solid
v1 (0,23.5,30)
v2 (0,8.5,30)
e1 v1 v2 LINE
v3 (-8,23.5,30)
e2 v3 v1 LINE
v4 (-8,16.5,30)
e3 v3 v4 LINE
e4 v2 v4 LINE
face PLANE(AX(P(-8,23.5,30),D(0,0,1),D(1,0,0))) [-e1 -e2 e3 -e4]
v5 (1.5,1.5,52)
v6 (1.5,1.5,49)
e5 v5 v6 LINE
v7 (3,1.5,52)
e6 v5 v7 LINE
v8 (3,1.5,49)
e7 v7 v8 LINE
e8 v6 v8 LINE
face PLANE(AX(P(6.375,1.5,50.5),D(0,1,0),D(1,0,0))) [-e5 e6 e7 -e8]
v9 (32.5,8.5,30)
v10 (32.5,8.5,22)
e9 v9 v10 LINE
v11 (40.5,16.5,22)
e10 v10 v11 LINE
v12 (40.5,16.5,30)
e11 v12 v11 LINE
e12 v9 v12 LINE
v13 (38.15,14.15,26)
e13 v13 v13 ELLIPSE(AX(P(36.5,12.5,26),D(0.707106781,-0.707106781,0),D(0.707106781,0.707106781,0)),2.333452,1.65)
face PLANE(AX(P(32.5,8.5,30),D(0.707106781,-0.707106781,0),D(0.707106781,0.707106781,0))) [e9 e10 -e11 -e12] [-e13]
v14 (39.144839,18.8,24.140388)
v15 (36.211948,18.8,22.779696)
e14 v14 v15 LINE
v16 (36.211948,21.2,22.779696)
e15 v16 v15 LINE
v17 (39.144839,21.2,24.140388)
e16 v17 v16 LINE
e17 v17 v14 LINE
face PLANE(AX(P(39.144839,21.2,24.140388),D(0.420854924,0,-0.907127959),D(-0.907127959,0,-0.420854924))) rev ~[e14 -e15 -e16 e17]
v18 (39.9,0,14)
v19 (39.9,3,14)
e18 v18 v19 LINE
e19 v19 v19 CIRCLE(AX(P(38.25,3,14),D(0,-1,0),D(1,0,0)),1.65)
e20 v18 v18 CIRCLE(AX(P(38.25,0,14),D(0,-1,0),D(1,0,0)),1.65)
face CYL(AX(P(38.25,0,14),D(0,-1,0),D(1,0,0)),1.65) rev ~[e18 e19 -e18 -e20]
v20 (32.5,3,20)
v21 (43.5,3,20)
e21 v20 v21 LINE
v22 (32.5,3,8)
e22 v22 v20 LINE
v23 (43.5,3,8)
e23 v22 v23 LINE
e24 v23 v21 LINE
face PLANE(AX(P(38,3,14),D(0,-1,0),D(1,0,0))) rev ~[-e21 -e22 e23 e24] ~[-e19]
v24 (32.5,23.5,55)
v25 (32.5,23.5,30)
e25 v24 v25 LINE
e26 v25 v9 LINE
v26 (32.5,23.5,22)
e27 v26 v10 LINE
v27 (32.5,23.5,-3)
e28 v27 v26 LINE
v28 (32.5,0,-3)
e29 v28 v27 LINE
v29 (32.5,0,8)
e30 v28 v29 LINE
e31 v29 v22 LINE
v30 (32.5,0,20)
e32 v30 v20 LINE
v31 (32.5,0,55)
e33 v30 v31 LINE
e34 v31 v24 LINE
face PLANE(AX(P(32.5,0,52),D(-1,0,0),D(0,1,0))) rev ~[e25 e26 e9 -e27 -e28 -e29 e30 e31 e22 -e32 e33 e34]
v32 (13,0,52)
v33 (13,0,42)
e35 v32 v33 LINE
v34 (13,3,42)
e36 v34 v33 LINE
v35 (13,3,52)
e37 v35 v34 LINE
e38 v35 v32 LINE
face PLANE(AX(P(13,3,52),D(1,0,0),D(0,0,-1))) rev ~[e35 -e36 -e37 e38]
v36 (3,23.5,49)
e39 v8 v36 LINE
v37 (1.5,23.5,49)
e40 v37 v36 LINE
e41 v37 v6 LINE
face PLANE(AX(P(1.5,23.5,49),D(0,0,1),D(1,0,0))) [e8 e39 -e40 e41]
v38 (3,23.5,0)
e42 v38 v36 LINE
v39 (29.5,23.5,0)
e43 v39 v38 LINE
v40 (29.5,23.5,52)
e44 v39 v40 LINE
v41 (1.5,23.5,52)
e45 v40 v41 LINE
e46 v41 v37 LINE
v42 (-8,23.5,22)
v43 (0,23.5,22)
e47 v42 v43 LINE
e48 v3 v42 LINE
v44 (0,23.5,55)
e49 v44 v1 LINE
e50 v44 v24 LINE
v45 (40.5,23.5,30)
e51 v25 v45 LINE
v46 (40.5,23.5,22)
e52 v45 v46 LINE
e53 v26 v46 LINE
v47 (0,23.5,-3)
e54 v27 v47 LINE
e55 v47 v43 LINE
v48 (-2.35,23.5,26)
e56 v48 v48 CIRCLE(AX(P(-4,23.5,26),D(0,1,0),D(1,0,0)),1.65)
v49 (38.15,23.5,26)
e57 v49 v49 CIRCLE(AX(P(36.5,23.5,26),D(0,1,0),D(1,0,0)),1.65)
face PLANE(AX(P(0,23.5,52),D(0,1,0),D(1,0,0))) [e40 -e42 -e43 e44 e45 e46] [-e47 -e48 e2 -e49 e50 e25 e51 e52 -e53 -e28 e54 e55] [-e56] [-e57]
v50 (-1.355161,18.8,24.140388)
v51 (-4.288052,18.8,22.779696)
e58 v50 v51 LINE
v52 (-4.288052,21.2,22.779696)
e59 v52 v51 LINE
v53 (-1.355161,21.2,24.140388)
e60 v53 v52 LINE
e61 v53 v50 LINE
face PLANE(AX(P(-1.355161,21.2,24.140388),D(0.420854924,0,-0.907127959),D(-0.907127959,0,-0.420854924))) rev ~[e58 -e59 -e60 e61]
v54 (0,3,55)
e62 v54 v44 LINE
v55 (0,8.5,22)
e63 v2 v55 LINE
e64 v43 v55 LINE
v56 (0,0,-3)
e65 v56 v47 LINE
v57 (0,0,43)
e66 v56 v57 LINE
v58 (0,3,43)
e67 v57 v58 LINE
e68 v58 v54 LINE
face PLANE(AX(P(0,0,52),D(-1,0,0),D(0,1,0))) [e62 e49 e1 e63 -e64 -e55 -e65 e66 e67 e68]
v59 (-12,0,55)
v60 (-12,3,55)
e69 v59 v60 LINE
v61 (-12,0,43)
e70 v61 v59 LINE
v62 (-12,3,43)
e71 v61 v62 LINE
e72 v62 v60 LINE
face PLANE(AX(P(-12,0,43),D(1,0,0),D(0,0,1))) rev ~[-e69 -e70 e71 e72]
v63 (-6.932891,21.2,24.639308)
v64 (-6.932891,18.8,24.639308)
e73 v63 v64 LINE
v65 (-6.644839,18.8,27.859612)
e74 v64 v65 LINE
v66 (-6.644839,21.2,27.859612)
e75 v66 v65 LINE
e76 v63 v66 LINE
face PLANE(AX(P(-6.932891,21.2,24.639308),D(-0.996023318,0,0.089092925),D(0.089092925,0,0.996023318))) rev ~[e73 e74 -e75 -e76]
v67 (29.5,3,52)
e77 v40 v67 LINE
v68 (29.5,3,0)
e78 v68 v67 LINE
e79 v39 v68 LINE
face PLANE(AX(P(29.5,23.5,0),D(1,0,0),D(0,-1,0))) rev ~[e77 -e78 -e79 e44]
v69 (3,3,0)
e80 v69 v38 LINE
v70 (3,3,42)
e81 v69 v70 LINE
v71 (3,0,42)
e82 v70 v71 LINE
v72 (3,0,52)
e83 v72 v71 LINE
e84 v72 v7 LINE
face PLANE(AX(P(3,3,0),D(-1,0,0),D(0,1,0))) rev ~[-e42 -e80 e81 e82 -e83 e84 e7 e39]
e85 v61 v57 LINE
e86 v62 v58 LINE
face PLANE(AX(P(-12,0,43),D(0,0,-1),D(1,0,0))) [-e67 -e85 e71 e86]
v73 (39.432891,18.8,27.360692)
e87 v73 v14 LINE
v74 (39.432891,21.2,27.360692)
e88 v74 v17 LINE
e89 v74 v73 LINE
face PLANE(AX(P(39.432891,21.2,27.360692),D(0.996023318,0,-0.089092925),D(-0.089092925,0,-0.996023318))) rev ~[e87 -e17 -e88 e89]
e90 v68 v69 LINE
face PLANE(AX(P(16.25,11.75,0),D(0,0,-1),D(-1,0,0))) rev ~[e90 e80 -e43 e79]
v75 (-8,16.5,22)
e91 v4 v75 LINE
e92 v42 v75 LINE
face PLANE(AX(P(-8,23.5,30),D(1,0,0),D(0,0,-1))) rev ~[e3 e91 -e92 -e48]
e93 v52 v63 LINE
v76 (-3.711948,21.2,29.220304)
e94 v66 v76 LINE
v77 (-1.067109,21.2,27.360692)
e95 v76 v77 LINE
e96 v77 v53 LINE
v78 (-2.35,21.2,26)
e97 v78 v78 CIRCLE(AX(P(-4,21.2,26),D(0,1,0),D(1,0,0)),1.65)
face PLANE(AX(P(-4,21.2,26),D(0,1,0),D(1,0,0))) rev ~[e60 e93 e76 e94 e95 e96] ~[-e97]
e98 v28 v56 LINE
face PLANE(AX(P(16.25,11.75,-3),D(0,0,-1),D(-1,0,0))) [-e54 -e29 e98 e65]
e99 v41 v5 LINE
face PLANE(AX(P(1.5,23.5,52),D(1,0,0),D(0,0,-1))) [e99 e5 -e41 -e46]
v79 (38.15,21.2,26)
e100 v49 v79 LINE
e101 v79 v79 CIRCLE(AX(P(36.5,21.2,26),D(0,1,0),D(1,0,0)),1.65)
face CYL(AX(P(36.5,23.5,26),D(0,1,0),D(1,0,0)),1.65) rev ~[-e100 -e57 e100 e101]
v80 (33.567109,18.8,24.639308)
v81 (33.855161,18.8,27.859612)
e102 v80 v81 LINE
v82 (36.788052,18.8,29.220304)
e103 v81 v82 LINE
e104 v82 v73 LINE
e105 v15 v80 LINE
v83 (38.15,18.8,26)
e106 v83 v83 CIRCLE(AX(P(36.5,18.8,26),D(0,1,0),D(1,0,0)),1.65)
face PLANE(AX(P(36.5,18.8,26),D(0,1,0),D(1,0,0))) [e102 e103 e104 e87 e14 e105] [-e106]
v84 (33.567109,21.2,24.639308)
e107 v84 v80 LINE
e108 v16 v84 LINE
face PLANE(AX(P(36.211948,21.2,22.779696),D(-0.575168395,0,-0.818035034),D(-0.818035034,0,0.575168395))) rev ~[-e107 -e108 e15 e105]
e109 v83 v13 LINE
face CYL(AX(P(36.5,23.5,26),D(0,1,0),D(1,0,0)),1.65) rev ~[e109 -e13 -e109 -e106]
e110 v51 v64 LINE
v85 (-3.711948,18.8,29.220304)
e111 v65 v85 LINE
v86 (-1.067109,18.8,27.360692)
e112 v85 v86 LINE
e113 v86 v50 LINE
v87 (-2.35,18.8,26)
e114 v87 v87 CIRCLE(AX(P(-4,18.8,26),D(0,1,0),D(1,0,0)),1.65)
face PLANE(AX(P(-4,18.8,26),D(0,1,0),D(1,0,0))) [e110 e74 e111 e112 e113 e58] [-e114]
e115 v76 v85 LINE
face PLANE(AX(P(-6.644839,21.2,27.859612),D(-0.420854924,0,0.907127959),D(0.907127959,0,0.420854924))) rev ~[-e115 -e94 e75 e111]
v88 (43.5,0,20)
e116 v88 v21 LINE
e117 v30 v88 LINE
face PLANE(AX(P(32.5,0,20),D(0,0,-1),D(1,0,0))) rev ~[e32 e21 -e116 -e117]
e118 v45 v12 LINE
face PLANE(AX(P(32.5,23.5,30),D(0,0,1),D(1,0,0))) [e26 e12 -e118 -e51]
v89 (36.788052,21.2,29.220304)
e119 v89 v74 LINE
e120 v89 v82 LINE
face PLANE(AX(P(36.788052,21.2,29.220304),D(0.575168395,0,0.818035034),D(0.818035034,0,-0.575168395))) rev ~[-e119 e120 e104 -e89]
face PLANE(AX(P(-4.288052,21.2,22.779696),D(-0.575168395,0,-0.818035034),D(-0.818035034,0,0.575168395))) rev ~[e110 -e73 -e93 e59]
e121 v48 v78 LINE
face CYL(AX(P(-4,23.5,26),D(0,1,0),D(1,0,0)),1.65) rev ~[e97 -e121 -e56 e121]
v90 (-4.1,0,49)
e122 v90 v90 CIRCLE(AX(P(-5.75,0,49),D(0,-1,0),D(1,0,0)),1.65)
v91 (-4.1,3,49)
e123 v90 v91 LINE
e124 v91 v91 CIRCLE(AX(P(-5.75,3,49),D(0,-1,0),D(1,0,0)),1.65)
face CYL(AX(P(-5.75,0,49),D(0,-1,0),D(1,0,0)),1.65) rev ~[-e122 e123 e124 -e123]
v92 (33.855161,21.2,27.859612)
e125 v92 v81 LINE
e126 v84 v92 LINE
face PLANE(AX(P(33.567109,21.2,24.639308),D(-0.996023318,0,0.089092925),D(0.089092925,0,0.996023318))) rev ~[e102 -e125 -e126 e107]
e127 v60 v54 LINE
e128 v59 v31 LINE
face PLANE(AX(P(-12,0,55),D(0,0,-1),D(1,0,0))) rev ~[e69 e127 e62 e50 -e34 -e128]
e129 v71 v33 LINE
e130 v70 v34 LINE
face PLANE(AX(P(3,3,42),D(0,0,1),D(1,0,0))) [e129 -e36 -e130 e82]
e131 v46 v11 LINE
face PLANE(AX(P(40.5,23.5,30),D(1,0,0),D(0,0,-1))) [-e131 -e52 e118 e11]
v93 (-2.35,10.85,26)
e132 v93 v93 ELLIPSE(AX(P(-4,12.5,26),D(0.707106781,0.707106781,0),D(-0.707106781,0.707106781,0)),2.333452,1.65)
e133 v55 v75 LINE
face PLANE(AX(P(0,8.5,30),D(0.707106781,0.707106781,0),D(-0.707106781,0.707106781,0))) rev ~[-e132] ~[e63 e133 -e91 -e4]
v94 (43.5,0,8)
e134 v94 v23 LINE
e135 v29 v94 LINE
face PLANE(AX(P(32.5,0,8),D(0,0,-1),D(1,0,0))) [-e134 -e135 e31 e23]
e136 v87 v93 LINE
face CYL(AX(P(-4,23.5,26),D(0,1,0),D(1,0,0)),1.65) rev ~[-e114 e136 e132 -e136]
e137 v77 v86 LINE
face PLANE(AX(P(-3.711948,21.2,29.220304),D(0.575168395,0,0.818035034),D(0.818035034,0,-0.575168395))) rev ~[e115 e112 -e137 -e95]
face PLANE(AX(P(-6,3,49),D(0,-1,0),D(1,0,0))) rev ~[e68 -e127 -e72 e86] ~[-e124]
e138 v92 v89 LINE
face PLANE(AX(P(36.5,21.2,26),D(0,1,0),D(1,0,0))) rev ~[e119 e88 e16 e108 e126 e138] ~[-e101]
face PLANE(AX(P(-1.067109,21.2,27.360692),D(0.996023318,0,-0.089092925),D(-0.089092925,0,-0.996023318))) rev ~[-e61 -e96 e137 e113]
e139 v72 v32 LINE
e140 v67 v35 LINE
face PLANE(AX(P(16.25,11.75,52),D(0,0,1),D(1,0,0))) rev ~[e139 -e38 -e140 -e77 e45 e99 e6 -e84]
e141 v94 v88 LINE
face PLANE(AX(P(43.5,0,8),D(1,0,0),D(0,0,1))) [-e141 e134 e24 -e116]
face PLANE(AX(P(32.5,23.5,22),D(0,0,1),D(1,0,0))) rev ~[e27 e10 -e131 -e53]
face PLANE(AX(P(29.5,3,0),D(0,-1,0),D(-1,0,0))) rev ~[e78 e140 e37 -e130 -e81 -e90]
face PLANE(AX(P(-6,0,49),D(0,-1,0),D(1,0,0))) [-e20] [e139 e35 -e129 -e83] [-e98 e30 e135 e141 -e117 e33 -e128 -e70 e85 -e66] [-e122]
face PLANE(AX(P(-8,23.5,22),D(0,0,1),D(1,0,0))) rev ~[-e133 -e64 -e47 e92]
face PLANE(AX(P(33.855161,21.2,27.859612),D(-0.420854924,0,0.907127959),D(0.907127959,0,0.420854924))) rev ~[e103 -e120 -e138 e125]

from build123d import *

# Parameters (mm, degrees)
BOSS_EXTRUDE1_DEPTH = 52
SKETCH2_W           = 32.5
SKETCH2_H           = 23.5
BOSS_EXTRUDE2_DEPTH = 3
SKETCH3_W           = 8
SKETCH3_H           = 8
SKETCH3_R           = 1.65
BOSS_EXTRUDE3_DEPTH = 15
CUT_EXTRUDE1_START  = -2.3
CUT_EXTRUDE1_DEPTH  = 2.4
CUT_EXTRUDE2_DEPTH  = 34
SKETCH6_W           = 32.5
SKETCH6_H           = 23.5
BOSS_EXTRUDE5_DEPTH = 3
SKETCH7_W           = 10
SKETCH7_H           = 10
CUT_EXTRUDE3_DEPTH  = 3
SKETCH8_W           = 9.75
SKETCH8_H           = 3
CUT_EXTRUDE4_DEPTH  = 22
SKETCH9_W           = 11
SKETCH9_H           = 12
SKETCH9_R           = 1.65
SKETCH9_W_2         = 12
BOSS_EXTRUDE6_DEPTH = 3


with BuildPart() as part:
    # Sketch1 → Boss-Extrude1 (new body)
    with BuildSketch(Plane.XY):
        Polygon((3, 20.5), (3, 23.5), (0, 23.5), (0, 0), (32.5, 0), (32.5, 23.5), (29.5, 23.5), (29.5, 20.5), (29.5, 3), (3, 3), align=None)
    extrude(amount=BOSS_EXTRUDE1_DEPTH)

    # Sketch2 → Boss-Extrude2 (add)
    with BuildSketch(Plane(origin=(0, 0, 0), x_dir=(-1, 0, 0), z_dir=(0, 0, -1))):
        with Locations((-16.25, 11.75)):
            Rectangle(SKETCH2_W, SKETCH2_H)
    extrude(amount=BOSS_EXTRUDE2_DEPTH)

    # Sketch3 → Boss-Extrude3 (add)
    with BuildSketch(Plane(origin=(0, 23.5, 0), x_dir=(1, 0, 0), z_dir=(0, 1, 0))):
        with Locations((-4, -26)):
            Rectangle(SKETCH3_W, SKETCH3_H)
        with Locations((-4, -26)):
            Circle(SKETCH3_R, mode=Mode.SUBTRACT)
        with Locations((36.5, -26)):
            Rectangle(SKETCH3_W, SKETCH3_H)
        with Locations((36.5, -26)):
            Circle(SKETCH3_R, mode=Mode.SUBTRACT)
    extrude(amount=-BOSS_EXTRUDE3_DEPTH)

    # Sketch4 → Cut-Extrude1 (cut)
    with BuildSketch(Plane(origin=(0, 23.5, 0), x_dir=(1, 0, 0), z_dir=(0, 1, 0)).offset(CUT_EXTRUDE1_START)):
        Polygon((-1.067108801, -27.360691938), (-1.355160616, -24.140387685), (-4.288051814, -22.779695746), (-6.932891199, -24.639308062), (-6.644839384, -27.859612315), (-3.711948186, -29.220304254), align=None)
        Polygon((39.432891199, -27.360691938), (39.144839384, -24.140387685), (36.211948186, -22.779695746), (33.567108801, -24.639308062), (33.855160616, -27.859612315), (36.788051814, -29.220304254), align=None)
    extrude(amount=-CUT_EXTRUDE1_DEPTH, mode=Mode.SUBTRACT)

    # Sketch5 → Cut-Extrude2 (cut, through all)
    with BuildSketch(Plane.XY.offset(30)):
        Polygon((40.5, 8.5), (32.5, 8.5), (40.5, 16.5), align=None)
        Polygon((-8, 8.5), (0, 8.5), (-8, 16.5), align=None)
    extrude(amount=-CUT_EXTRUDE2_DEPTH, mode=Mode.SUBTRACT)

    # Sketch6 → Boss-Extrude5 (add)
    with BuildSketch(Plane.XY.offset(52)):
        with Locations((16.25, 11.75)):
            Rectangle(SKETCH6_W, SKETCH6_H)
    extrude(amount=BOSS_EXTRUDE5_DEPTH)

    # Sketch7 → Cut-Extrude3 (cut)
    with BuildSketch(Plane(origin=(0, 3, 0), x_dir=(1, 0, 0), z_dir=(0, 1, 0))):
        with Locations((8, -47)):
            Rectangle(SKETCH7_W, SKETCH7_H)
    extrude(amount=-CUT_EXTRUDE3_DEPTH, mode=Mode.SUBTRACT)

    # Sketch8 → Cut-Extrude4 (cut)
    with BuildSketch(Plane(origin=(0, 23.5, 0), x_dir=(1, 0, 0), z_dir=(0, 1, 0))):
        with Locations((6.375, -50.5)):
            Rectangle(SKETCH8_W, SKETCH8_H)
    extrude(amount=-CUT_EXTRUDE4_DEPTH, mode=Mode.SUBTRACT)

    # Sketch9 → Boss-Extrude6 (add)
    with BuildSketch(Plane.XZ):
        with Locations((38, 14)):
            Rectangle(SKETCH9_W, SKETCH9_H)
        with Locations((38.25, 14)):
            Circle(SKETCH9_R, mode=Mode.SUBTRACT)
        with Locations((-6, 49)):
            Rectangle(SKETCH9_W_2, SKETCH9_H)
        with Locations((-5.75, 49)):
            Circle(SKETCH9_R, mode=Mode.SUBTRACT)
    extrude(amount=-BOSS_EXTRUDE6_DEPTH)


solid = part.part
